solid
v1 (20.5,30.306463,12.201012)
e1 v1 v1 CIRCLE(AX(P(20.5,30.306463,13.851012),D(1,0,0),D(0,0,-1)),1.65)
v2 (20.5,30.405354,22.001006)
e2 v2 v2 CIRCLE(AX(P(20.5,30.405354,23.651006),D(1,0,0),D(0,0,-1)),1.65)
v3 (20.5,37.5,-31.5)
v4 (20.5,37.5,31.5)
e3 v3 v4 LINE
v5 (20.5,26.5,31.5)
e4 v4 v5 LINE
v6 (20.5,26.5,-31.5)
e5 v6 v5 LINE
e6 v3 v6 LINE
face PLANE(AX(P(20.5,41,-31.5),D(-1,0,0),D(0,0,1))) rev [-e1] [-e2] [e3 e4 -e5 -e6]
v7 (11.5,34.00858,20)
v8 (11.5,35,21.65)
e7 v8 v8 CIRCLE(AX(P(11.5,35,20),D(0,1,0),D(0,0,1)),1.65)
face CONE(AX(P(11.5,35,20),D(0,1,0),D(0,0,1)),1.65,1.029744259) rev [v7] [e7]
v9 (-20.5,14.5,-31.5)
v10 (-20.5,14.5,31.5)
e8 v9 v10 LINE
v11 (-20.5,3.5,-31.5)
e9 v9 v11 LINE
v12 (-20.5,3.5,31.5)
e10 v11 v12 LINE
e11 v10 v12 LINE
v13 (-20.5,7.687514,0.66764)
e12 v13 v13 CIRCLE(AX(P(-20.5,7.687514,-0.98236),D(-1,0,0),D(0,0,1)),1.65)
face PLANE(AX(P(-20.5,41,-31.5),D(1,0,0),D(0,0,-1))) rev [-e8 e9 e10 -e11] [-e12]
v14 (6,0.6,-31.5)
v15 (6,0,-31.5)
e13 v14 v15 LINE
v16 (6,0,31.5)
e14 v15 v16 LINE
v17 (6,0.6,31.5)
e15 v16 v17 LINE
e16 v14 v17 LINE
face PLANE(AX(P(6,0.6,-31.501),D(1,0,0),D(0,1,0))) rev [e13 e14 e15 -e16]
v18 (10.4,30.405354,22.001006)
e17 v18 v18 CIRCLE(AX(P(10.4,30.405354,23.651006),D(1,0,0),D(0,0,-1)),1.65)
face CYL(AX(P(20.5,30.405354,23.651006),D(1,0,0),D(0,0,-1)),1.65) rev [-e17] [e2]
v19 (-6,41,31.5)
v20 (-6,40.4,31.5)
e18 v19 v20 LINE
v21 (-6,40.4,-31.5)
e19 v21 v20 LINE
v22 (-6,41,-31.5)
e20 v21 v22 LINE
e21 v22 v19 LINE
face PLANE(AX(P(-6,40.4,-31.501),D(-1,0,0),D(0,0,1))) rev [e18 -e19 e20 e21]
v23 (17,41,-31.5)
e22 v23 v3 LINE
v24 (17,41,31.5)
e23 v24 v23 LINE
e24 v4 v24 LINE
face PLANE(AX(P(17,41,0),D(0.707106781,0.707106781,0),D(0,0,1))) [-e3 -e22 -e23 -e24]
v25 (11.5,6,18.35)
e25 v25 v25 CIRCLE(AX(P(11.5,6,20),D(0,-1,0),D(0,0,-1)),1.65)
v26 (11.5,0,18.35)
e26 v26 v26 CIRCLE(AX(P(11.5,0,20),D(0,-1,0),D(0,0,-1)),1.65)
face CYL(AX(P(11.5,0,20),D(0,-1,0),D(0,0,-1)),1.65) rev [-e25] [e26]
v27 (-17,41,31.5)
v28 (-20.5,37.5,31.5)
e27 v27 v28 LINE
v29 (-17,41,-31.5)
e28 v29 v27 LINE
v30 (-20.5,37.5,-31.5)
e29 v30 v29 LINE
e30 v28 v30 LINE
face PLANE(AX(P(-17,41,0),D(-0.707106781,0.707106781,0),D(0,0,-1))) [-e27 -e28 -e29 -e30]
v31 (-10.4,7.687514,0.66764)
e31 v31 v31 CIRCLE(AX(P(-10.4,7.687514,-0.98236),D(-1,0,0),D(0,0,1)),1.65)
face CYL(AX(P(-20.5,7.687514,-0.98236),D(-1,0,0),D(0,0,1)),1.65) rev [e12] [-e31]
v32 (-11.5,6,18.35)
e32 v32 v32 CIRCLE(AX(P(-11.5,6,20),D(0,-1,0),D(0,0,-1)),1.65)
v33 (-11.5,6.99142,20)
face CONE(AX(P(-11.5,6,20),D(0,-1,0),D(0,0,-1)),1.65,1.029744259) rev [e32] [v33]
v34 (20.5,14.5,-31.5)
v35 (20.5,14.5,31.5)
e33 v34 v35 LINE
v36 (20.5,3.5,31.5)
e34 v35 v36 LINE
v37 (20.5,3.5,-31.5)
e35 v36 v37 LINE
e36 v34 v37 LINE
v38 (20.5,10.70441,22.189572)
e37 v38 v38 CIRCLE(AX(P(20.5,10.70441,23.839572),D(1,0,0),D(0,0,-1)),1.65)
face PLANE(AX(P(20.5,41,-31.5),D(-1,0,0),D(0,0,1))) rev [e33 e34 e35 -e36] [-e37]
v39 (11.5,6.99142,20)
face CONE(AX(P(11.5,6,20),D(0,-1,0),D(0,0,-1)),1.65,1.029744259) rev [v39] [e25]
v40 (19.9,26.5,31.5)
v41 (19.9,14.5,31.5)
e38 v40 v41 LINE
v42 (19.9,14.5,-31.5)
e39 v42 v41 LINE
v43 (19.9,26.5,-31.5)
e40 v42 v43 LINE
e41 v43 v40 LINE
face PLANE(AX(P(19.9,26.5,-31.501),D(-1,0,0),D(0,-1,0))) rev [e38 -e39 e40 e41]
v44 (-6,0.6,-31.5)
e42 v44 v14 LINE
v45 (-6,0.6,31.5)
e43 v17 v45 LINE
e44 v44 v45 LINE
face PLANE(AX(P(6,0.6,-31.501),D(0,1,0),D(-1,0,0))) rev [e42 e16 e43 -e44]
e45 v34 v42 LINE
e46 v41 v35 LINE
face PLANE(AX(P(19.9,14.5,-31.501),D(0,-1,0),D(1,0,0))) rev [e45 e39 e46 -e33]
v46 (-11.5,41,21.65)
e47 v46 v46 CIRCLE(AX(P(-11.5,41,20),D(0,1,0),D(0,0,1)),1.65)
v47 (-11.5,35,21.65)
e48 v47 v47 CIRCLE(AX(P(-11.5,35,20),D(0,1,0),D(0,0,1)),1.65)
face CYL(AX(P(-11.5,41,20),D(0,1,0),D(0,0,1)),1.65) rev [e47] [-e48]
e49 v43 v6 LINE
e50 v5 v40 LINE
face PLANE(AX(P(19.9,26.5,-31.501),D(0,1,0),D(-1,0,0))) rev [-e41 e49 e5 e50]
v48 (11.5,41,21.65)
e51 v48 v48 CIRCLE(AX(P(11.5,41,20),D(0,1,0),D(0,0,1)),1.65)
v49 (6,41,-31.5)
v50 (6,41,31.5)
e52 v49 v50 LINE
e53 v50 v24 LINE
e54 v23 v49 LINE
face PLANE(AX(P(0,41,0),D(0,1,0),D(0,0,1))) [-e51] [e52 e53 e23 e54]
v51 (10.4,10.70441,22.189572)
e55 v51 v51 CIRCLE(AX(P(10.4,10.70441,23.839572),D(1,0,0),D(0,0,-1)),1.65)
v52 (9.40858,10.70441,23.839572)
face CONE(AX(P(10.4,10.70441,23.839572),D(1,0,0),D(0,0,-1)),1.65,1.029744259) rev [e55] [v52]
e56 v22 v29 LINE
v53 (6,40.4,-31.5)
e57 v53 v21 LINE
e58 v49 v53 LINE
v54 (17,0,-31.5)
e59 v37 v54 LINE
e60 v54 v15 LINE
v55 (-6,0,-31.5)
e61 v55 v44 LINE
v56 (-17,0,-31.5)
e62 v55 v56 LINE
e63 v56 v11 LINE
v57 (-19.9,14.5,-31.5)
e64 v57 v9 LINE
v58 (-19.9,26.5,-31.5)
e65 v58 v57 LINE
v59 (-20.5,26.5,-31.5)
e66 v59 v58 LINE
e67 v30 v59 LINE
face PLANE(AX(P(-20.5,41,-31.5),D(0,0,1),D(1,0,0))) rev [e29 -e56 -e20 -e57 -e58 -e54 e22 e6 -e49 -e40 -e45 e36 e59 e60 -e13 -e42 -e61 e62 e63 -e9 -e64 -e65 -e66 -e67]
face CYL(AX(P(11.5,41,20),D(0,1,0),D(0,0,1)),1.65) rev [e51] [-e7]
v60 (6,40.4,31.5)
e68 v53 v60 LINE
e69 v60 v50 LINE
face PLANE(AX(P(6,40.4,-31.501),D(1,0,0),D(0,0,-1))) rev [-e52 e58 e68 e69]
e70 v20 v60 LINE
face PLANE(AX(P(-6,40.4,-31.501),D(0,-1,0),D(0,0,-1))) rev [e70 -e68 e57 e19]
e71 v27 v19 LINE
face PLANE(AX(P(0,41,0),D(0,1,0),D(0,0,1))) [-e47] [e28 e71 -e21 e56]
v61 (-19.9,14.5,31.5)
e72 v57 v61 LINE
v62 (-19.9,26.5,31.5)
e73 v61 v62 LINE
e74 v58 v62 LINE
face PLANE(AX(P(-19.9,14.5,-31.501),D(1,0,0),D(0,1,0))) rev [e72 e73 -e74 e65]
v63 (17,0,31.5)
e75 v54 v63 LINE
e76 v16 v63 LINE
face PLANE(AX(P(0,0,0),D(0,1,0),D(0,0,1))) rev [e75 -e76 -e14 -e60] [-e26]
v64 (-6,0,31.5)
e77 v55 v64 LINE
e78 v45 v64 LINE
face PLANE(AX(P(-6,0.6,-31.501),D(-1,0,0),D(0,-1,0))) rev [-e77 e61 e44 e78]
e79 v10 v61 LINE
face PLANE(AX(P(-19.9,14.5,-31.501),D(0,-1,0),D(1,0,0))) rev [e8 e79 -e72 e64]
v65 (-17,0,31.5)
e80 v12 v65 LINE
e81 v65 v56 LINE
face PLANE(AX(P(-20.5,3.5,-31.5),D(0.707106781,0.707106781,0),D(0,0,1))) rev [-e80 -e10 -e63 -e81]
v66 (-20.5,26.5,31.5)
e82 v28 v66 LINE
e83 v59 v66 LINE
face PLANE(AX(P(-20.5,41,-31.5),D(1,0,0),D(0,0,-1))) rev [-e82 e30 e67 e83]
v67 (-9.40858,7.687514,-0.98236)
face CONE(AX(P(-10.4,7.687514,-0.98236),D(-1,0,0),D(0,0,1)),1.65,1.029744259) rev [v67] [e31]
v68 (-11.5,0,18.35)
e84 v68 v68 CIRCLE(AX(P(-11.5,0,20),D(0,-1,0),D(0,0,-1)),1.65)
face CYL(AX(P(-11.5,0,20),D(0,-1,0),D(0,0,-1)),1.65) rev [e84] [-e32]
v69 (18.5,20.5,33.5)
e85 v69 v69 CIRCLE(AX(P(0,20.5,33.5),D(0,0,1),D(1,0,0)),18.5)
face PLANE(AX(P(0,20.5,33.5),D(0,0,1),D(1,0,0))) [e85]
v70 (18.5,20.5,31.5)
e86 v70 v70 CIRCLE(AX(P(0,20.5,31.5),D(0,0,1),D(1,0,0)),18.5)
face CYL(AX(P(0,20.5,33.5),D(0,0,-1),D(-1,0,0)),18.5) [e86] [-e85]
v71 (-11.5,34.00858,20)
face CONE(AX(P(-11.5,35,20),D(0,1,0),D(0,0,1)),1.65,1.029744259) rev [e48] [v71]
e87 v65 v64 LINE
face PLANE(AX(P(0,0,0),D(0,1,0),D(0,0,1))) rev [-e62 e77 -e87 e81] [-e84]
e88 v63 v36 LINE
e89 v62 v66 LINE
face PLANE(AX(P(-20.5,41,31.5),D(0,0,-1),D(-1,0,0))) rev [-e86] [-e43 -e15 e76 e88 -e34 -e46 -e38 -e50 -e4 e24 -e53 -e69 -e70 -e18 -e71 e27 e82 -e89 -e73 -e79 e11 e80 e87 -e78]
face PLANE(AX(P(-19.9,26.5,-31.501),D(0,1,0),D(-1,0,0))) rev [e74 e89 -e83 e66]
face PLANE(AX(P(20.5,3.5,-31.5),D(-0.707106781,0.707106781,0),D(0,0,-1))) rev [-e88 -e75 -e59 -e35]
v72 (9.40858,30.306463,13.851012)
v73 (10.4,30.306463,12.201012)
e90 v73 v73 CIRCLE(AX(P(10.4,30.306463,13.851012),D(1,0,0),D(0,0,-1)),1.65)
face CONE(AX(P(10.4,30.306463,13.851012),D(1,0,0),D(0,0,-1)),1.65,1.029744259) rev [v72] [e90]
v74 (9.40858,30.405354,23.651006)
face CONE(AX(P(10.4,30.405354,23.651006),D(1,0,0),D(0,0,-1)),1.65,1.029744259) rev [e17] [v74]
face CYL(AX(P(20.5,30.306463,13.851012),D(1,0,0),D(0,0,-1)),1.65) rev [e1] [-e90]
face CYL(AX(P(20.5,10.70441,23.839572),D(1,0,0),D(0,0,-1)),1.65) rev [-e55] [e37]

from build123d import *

# Parameters (mm, degrees)
SKETCH_1_W                       = 41
SKETCH_1_H                       = 63
EXTRUDE_1_DEPTH                  = 41
HOLE_WIZARD_M4_1_AT_2_COUNT      = 2
HOLE_WIZARD_M4_1_AT_2_PITCH      = 23
CHAMFER_1_SIZE                   = 3.5
CUT_EXTRUDE_1_REACH              = 79.912
SKETCH_4_W                       = 12
SKETCH_4_H                       = 0.6
SKETCH_4_W_2                     = 0.6
SKETCH_4_H_2                     = 12
SKETCH_5_R                       = 18.5
EXTRUDE_2_DEPTH                  = 2
HOLE_WIZARD_M4_3_D               = 3.3
HOLE_WIZARD_M4_3_DEPTH           = 10.1
HOLE_WIZARD_M4_3_TIP             = 0.991420021
HOLE_WIZARD_M4_3_ON_FACE_2_D     = 3.3
HOLE_WIZARD_M4_3_ON_FACE_2_DEPTH = 10.1
HOLE_WIZARD_M4_3_ON_FACE_2_TIP   = 0.991420021


with BuildPart() as part:
    # 草图1 → 凸台-拉伸1 (new body)
    with BuildSketch(Plane(origin=(0, 0, 0), x_dir=(1, 0, 0), z_dir=(0, 1, 0))):
        Rectangle(SKETCH_1_W, SKETCH_1_H)
    extrude(amount=EXTRUDE_1_DEPTH)

    # 草图3 → M4 螺纹孔1 (revolve, cut)
    with BuildSketch(Plane(origin=(-11.5, 41, 20), x_dir=(0, 0, 1), z_dir=(1, 0, 0))):
        Polygon((0, 0), (0, 6.991420021), (1.65, 6), (1.65, 0), align=None)
    hole_wizard_m4_1 = revolve(axis=Axis((-11.5, 47.35, 20), (0, -1, 0)), mode=Mode.SUBTRACT)

    # M4 螺纹孔1 at 2: M4 螺纹孔1 ×2
    with Locations(*[(i * HOLE_WIZARD_M4_1_AT_2_PITCH, 0, 0) for i in range(1, HOLE_WIZARD_M4_1_AT_2_COUNT)]):
        add(hole_wizard_m4_1, mode=Mode.SUBTRACT)

    # 镜向1: M4 螺纹孔1 across plane
    add(hole_wizard_m4_1.mirror(Plane.ZX.offset(20.5)), mode=Mode.SUBTRACT)

    # 镜向1 copy 1 sketch → 镜向1 copy 1 (revolve, cut)
    with BuildSketch(Plane(origin=(11.5, 0, 20), x_dir=(0, 0, 1), z_dir=(1, 0, 0))):
        Polygon((0, 0), (0, -6.991420021), (1.65, -6), (1.65, 0), align=None)
    revolve(axis=Axis((11.5, -6.35, 20), (0, -1, 0)), mode=Mode.SUBTRACT)

    # 倒角1
    chamfer_1_edges = [part.edges().sort_by_distance(p)[0] for p in [
        (-20.5, 41, 0),
        (20.5, 41, 0),
        (-20.5, 0, 0),
        (20.5, 0, 0),
    ]]
    chamfer(chamfer_1_edges, length=CHAMFER_1_SIZE)

    # 草图4 → 切除-拉伸1 (cut, up to next)
    with BuildSketch(Plane.XY.offset(31.5), mode=Mode.PRIVATE) as cut_extrude_1_sk1:
        with Locations((0, 40.7)):
            Rectangle(SKETCH_4_W, SKETCH_4_H)
    cut_extrude_1_tool1 = extrude(cut_extrude_1_sk1.sketch, amount=-CUT_EXTRUDE_1_REACH, mode=Mode.PRIVATE) & part.part
    # 草图4 → 切除-拉伸1 (cut, up to next)
    with BuildSketch(Plane.XY.offset(31.5), mode=Mode.PRIVATE) as cut_extrude_1_sk2:
        with Locations((20.2, 20.5)):
            Rectangle(SKETCH_4_W_2, SKETCH_4_H_2)
    cut_extrude_1_tool2 = extrude(cut_extrude_1_sk2.sketch, amount=-CUT_EXTRUDE_1_REACH, mode=Mode.PRIVATE) & part.part
    # 草图4 → 切除-拉伸1 (cut, up to next)
    with BuildSketch(Plane.XY.offset(31.5), mode=Mode.PRIVATE) as cut_extrude_1_sk3:
        with Locations((0, 0.3)):
            Rectangle(SKETCH_4_W, SKETCH_4_H)
    cut_extrude_1_tool3 = extrude(cut_extrude_1_sk3.sketch, amount=-CUT_EXTRUDE_1_REACH, mode=Mode.PRIVATE) & part.part
    # 草图4 → 切除-拉伸1 (cut, up to next)
    with BuildSketch(Plane.XY.offset(31.5), mode=Mode.PRIVATE) as cut_extrude_1_sk4:
        with Locations((-20.2, 20.5)):
            Rectangle(SKETCH_4_W_2, SKETCH_4_H_2)
    cut_extrude_1_tool4 = extrude(cut_extrude_1_sk4.sketch, amount=-CUT_EXTRUDE_1_REACH, mode=Mode.PRIVATE) & part.part
    add(cut_extrude_1_tool1.solids().sort_by_distance((0, 40.7, 31.5))[0], mode=Mode.SUBTRACT)
    add(cut_extrude_1_tool2.solids().sort_by_distance((20.2, 20.5, 31.5))[0], mode=Mode.SUBTRACT)
    add(cut_extrude_1_tool3.solids().sort_by_distance((0, 0.3, 31.5))[0], mode=Mode.SUBTRACT)
    add(cut_extrude_1_tool4.solids().sort_by_distance((-20.2, 20.5, 31.5))[0], mode=Mode.SUBTRACT)

    # 草图5 → 凸台-拉伸2 (add)
    with BuildSketch(Plane.XY.offset(31.5)):
        with Locations((0, 20.5)):
            Circle(SKETCH_5_R)
    extrude(amount=EXTRUDE_2_DEPTH)

    # M4 螺纹孔3
    with Locations(Plane(origin=(20.5, 30.405354364, 23.651006077), x_dir=(0, 0, 1), z_dir=(1, 0, 0))):
        with Locations((0, 0), (-9.799993904, 0.098891397), (0.188566307, 19.700944215)):
            Hole(HOLE_WIZARD_M4_3_D / 2, depth=HOLE_WIZARD_M4_3_DEPTH)
            with Locations((0, 0, -(HOLE_WIZARD_M4_3_DEPTH + HOLE_WIZARD_M4_3_TIP / 2))):  # 118° drill point
                Cone(0, HOLE_WIZARD_M4_3_D / 2, HOLE_WIZARD_M4_3_TIP, mode=Mode.SUBTRACT)

    # M4 螺纹孔3 on face 2
    with Locations(Plane(origin=(-20.5, 7.687513873, -0.982360161), x_dir=(0, 0, -1), z_dir=(-1, 0, 0))):
        with Locations((0, 0)):
            Hole(HOLE_WIZARD_M4_3_ON_FACE_2_D / 2, depth=HOLE_WIZARD_M4_3_ON_FACE_2_DEPTH)
            with Locations((0, 0, -(HOLE_WIZARD_M4_3_ON_FACE_2_DEPTH + HOLE_WIZARD_M4_3_ON_FACE_2_TIP / 2))):  # 118° drill point
                Cone(0, HOLE_WIZARD_M4_3_ON_FACE_2_D / 2, HOLE_WIZARD_M4_3_ON_FACE_2_TIP, mode=Mode.SUBTRACT)


solid = part.part
